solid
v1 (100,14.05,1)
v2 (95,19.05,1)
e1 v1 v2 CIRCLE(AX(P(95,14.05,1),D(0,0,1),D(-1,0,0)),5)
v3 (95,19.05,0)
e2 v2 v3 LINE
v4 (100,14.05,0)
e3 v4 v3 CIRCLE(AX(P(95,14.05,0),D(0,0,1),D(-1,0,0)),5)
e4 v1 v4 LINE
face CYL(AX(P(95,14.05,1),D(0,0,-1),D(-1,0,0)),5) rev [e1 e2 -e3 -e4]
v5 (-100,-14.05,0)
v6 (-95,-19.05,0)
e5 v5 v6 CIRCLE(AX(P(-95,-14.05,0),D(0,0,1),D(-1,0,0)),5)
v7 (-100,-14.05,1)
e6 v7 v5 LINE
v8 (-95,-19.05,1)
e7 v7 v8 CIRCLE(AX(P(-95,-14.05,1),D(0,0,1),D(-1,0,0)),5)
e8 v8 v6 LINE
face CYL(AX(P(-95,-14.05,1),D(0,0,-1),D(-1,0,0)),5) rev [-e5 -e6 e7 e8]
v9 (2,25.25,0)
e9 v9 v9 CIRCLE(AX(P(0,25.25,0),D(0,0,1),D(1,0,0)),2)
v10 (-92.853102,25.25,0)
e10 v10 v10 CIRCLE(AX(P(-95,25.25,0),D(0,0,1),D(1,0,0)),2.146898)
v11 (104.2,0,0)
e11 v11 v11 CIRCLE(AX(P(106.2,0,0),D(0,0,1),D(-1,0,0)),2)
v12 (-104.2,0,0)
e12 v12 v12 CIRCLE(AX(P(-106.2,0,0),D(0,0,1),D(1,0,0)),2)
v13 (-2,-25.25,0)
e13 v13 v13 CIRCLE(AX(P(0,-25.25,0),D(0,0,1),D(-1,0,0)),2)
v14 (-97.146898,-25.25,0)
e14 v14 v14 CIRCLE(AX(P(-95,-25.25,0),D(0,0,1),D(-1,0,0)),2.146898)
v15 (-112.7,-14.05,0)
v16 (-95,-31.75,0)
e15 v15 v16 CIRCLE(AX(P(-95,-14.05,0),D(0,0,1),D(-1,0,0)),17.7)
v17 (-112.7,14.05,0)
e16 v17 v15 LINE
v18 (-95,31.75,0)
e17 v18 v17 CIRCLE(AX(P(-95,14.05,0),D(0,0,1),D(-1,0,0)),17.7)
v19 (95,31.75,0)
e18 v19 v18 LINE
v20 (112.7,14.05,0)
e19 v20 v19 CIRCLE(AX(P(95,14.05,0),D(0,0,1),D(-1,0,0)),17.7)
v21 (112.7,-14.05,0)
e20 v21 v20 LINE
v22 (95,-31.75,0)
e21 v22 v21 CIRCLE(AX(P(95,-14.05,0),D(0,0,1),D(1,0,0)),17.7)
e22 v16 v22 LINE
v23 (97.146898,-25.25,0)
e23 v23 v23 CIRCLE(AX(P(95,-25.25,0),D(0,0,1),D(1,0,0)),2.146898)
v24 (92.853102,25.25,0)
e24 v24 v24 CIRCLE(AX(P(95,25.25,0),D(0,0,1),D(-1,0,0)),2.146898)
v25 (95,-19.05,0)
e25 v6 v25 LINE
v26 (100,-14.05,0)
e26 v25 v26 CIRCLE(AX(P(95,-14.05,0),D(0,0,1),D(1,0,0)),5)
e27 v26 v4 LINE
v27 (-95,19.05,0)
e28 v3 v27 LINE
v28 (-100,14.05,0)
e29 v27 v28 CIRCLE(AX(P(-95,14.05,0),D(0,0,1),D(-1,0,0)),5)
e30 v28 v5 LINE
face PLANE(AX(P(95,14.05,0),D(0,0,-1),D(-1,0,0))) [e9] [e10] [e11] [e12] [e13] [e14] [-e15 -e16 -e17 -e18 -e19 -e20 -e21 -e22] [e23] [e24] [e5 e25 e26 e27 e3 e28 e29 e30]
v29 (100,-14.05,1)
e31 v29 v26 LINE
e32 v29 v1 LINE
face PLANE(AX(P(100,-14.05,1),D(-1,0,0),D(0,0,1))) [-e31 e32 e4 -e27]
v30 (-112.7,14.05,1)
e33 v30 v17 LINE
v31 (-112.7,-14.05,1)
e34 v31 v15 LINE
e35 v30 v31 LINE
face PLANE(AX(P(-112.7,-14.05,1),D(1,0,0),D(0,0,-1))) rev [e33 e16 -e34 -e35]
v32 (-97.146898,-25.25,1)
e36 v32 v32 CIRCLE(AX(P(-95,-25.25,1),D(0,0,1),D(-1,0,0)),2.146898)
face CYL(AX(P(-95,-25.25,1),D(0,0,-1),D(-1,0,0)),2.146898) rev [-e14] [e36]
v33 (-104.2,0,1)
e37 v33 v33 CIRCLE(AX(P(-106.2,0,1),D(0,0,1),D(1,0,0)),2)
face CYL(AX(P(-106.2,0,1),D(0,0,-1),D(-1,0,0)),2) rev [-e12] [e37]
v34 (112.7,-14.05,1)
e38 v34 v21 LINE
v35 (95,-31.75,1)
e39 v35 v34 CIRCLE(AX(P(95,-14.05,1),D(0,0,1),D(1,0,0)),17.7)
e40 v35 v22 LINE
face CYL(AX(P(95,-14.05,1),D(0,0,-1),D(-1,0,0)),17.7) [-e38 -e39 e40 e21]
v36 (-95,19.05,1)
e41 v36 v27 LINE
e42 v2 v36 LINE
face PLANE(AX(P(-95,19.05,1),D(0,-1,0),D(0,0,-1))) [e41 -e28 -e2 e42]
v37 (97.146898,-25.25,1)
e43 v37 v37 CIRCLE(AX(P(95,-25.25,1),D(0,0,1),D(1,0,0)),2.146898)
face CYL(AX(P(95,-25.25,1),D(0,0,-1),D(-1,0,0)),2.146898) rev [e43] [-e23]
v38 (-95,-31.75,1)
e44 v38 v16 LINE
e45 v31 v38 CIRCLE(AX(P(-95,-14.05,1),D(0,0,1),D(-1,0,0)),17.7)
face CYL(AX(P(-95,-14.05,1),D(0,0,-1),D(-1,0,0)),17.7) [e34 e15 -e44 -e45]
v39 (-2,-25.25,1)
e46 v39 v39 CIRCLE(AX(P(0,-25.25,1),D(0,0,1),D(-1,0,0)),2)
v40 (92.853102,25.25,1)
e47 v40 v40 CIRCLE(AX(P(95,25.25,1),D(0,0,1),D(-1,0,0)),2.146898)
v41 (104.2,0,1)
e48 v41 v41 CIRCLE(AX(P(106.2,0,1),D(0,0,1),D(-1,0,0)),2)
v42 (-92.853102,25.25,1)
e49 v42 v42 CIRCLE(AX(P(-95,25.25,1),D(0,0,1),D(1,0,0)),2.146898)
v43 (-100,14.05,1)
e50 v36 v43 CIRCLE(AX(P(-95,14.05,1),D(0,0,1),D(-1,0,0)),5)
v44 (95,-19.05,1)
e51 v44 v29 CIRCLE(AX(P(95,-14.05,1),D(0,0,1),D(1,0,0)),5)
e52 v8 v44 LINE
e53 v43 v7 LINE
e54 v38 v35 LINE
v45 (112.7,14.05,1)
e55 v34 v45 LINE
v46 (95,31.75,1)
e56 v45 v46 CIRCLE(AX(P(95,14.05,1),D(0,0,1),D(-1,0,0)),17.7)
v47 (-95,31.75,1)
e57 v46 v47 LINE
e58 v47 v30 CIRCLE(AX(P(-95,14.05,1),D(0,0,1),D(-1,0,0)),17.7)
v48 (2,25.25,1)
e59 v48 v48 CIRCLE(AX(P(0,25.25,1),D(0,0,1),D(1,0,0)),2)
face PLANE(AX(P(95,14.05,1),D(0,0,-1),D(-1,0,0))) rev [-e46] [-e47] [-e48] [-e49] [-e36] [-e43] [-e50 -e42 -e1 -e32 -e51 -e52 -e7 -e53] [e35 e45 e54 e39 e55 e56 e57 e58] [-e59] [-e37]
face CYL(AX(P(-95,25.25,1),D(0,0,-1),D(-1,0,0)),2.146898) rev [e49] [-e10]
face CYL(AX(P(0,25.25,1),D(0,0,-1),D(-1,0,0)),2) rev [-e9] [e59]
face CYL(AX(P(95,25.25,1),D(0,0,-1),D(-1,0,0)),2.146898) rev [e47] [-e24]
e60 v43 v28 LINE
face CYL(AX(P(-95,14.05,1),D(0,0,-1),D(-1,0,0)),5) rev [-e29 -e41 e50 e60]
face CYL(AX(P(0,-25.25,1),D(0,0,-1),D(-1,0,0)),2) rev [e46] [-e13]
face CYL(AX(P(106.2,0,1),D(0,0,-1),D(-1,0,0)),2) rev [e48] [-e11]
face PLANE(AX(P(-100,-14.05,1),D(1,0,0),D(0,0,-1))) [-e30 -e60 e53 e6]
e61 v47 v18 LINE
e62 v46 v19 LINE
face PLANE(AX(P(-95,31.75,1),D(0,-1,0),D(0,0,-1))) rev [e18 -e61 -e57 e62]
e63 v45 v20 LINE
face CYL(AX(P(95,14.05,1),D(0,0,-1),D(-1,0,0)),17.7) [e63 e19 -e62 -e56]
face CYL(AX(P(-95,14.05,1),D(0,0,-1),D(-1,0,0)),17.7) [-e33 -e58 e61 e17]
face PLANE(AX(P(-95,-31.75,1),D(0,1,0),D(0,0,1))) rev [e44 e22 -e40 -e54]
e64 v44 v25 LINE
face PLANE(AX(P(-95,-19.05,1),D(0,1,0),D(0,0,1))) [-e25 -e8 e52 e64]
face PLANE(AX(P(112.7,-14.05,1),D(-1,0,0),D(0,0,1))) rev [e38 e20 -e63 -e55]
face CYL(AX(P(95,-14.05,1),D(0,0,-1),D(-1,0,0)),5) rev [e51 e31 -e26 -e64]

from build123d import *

# Parameters (mm, degrees)
ESQUISSE1_R        = 2
ESQUISSE1_R_2      = 2.146897886
BOSS_EXTRU_1_DEPTH = 1


with BuildPart() as part:
    # Esquisse1 → Boss.-Extru.1 (new body)
    with BuildSketch(Plane.XY):
        with BuildLine():
            Line((-95, -31.75), (95, -31.75))
            ThreePointArc((95, -31.75), (107.515790027, -26.565790027), (112.7, -14.05))
            Line((112.7, -14.05), (112.7, 14.05))
            ThreePointArc((112.7, 14.05), (107.515790027, 26.565790027), (95, 31.75))
            Line((95, 31.75), (-95, 31.75))
            ThreePointArc((-95, 31.75), (-107.515790027, 26.565790027), (-112.7, 14.05))
            Line((-112.7, 14.05), (-112.7, -14.05))
            ThreePointArc((-112.7, -14.05), (-107.515790027, -26.565790027), (-95, -31.75))
        make_face()
        with Locations((-106.2, 0)):
            Circle(ESQUISSE1_R, mode=Mode.SUBTRACT)
        with Locations((0, 25.25)):
            Circle(ESQUISSE1_R, mode=Mode.SUBTRACT)
        with Locations((-95, 25.25)):
            Circle(ESQUISSE1_R_2, mode=Mode.SUBTRACT)
        with Locations(Location((-95, -25.25, 0), (0, 0, 180))):
            Circle(ESQUISSE1_R_2, mode=Mode.SUBTRACT)
        with Locations(Location((0, -25.25, 0), (0, 0, 180))):
            Circle(ESQUISSE1_R, mode=Mode.SUBTRACT)
        with Locations((95, -25.25)):
            Circle(ESQUISSE1_R_2, mode=Mode.SUBTRACT)
        with Locations(Location((106.2, 0, 0), (0, 0, 180))):
            Circle(ESQUISSE1_R, mode=Mode.SUBTRACT)
        with Locations(Location((95, 25.25, 0), (0, 0, 180))):
            Circle(ESQUISSE1_R_2, mode=Mode.SUBTRACT)
        with BuildLine():
            Line((-95, -19.05), (95, -19.05))
            ThreePointArc((95, -19.05), (98.535533906, -17.585533906), (100, -14.05))
            Line((100, -14.05), (100, 14.05))
            ThreePointArc((100, 14.05), (98.535533906, 17.585533906), (95, 19.05))
            Line((95, 19.05), (-95, 19.05))
            ThreePointArc((-95, 19.05), (-98.535533906, 17.585533906), (-100, 14.05))
            Line((-100, 14.05), (-100, -14.05))
            ThreePointArc((-100, -14.05), (-98.535533906, -17.585533906), (-95, -19.05))
        make_face(mode=Mode.SUBTRACT)
    extrude(amount=BOSS_EXTRU_1_DEPTH)


solid = part.part
